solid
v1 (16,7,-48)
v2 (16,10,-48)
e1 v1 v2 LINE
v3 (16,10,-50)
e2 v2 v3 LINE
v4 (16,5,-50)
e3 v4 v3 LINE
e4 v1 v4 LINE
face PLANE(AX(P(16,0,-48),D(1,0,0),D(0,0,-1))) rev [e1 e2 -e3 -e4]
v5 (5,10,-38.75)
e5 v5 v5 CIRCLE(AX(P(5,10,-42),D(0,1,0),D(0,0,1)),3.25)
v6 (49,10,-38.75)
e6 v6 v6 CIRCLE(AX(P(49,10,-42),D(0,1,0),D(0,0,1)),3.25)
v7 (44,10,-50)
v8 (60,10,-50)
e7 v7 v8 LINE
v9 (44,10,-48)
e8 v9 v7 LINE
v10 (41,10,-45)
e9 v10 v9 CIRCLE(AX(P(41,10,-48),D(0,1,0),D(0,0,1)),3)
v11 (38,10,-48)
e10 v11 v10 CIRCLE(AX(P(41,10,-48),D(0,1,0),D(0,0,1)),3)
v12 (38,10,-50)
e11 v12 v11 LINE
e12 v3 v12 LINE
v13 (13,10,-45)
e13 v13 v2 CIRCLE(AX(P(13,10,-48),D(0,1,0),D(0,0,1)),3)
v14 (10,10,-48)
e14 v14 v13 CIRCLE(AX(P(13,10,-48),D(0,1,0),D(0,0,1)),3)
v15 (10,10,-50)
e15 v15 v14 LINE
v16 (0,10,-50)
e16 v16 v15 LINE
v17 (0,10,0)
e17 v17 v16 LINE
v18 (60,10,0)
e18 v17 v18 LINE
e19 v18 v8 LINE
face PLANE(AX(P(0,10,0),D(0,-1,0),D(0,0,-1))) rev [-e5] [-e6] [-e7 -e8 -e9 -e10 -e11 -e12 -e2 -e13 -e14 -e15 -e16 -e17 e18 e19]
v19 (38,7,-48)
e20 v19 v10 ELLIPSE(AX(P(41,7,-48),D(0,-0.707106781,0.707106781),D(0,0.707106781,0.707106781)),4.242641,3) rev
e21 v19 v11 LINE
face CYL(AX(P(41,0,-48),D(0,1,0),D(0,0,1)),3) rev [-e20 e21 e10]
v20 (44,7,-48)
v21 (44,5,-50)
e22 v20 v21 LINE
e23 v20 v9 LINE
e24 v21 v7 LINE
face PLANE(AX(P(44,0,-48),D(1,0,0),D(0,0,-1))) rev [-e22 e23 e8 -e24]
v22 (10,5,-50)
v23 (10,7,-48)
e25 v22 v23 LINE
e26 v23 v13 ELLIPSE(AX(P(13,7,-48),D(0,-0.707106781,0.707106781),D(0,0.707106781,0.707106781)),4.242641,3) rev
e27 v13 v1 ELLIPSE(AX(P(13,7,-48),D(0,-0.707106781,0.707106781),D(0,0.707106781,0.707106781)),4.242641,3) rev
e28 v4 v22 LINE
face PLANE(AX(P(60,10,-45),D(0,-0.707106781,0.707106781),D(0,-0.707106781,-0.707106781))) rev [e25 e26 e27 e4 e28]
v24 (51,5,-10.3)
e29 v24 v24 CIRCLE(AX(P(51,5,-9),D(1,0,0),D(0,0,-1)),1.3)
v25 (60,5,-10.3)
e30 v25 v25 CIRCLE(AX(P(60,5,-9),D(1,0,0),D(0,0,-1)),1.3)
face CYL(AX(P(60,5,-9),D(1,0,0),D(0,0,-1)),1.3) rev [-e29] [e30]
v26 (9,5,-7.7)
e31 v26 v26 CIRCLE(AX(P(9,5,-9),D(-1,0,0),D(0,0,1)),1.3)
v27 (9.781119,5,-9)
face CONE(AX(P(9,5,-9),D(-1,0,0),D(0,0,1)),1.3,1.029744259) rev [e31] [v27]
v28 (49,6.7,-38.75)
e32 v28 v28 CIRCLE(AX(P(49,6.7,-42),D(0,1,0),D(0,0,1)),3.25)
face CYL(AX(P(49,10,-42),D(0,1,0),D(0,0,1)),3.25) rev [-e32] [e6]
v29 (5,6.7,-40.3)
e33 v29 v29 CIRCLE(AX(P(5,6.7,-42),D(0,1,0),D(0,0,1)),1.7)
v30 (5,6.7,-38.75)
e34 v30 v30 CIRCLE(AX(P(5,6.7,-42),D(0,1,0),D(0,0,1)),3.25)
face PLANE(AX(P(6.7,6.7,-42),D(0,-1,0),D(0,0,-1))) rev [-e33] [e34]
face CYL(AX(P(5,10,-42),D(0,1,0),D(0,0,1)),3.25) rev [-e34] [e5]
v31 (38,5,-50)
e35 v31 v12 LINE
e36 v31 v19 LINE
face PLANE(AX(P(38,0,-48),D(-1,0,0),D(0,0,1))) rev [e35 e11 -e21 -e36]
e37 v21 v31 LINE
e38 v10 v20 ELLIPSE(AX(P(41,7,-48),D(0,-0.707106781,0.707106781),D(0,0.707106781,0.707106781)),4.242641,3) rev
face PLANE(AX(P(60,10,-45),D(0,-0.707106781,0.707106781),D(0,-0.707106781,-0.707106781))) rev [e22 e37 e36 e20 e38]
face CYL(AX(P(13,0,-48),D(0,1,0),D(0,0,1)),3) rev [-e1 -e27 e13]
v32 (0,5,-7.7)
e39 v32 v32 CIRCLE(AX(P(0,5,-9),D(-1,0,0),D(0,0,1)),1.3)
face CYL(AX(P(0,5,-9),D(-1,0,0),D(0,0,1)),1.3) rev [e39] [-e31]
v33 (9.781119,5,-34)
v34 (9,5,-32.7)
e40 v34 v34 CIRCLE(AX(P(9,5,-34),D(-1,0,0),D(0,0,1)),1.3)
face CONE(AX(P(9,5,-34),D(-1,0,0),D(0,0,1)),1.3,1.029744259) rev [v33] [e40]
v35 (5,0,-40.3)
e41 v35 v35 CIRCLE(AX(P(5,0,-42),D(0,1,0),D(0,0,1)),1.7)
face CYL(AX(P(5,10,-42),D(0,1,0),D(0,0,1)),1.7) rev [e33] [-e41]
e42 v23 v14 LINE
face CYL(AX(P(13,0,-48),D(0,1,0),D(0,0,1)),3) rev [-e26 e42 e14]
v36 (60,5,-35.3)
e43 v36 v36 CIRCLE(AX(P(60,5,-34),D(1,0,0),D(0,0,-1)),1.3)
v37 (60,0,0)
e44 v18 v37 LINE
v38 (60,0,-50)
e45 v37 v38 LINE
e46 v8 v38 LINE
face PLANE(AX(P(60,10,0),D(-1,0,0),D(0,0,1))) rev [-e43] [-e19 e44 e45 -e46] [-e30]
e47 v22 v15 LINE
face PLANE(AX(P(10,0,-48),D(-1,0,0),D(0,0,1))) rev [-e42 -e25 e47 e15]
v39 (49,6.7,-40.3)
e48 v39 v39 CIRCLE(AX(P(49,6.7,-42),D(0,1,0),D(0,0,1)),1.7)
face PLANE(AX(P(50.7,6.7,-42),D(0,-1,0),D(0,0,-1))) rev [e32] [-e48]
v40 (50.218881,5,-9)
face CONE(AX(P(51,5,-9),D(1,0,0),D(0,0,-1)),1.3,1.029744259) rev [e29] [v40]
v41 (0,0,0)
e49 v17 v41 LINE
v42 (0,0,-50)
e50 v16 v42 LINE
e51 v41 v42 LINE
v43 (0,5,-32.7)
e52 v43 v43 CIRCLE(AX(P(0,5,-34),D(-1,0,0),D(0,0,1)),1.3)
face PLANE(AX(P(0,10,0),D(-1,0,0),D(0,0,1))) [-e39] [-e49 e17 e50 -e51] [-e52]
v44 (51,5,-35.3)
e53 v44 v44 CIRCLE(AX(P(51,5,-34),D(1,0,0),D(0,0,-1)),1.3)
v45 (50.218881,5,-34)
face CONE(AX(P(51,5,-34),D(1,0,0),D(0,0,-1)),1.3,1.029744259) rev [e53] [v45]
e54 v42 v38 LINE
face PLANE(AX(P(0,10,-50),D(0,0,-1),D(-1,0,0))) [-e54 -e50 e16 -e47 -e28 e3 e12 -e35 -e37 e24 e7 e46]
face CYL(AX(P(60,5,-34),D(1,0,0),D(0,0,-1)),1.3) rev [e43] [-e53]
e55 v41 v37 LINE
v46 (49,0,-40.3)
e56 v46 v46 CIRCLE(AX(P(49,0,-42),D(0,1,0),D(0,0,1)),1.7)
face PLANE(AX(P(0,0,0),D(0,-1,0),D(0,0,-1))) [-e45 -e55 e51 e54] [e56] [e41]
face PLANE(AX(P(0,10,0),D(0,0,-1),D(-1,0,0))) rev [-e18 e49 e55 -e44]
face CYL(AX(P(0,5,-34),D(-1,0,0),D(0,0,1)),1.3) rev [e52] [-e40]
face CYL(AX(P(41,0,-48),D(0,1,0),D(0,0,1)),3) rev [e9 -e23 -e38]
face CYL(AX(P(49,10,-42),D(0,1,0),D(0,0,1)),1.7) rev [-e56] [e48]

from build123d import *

# Parameters (mm, degrees)
SKETCH1_W                                = 60
SKETCH1_H                                = 50
BOSS_EXTRUDE1_DEPTH                      = 10
CUT_EXTRUDE1_DEPTH                       = 10
BOSS_EXTRUDE2_REACH                      = 80.74
CBORE_FOR_M3_PAN_HEAD_SCREW1_D           = 3.4
CBORE_FOR_M3_PAN_HEAD_SCREW1_CBORE_D     = 6.5
CBORE_FOR_M3_PAN_HEAD_SCREW1_CBORE_DEPTH = 3.3
M3X0_5_TAPPED_HOLE1_D                    = 2.6
M3X0_5_TAPPED_HOLE1_DEPTH                = 9
M3X0_5_TAPPED_HOLE1_TIP                  = 0.781118805
M3X0_5_TAPPED_HOLE2_D                    = 2.6
M3X0_5_TAPPED_HOLE2_DEPTH                = 9
M3X0_5_TAPPED_HOLE2_TIP                  = 0.781118805


with BuildPart() as part:
    # Sketch1 → Boss-Extrude1 (new body)
    with BuildSketch(Plane(origin=(0, 0, 0), x_dir=(1, 0, 0), z_dir=(0, 1, 0))):
        with Locations((30, 25)):
            Rectangle(SKETCH1_W, SKETCH1_H)
    extrude(amount=BOSS_EXTRUDE1_DEPTH)

    # Sketch2 → Cut-Extrude1 (cut)
    with BuildSketch(Plane(origin=(0, 10, 0), x_dir=(1, 0, 0), z_dir=(0, 1, 0))):
        with BuildLine():
            Line((38, 48), (38, 50))
            Line((38, 50), (44, 50))
            Line((44, 50), (44, 48))
            ThreePointArc((44, 48), (41, 45), (38, 48))
        make_face()
        with BuildLine():
            Line((10, 48), (10, 50))
            Line((10, 50), (16, 50))
            Line((16, 50), (16, 48))
            ThreePointArc((16, 48), (13, 45), (10, 48))
        make_face()
    extrude(amount=-CUT_EXTRUDE1_DEPTH, mode=Mode.SUBTRACT)

    # Sketch3 → Boss-Extrude2 (add, up to next)
    with BuildSketch(Plane(origin=(0, 0, 0), x_dir=(0, 0, -1), z_dir=(1, 0, 0)), mode=Mode.PRIVATE) as boss_extrude2_sk1:
        Polygon((45, 0), (50, 0), (50, 5), (45, 10), align=None)
    boss_extrude2_tool1 = extrude(boss_extrude2_sk1.sketch, amount=BOSS_EXTRUDE2_REACH, mode=Mode.PRIVATE) - part.part
    add(boss_extrude2_tool1.solids().sort_by_distance((0, 3.888889, -47.222222))[0])
    add(boss_extrude2_tool1.solids().sort_by_distance((0, 3.888889, -47.222222))[1])

    # CBORE for M3 Pan Head Screw1 (through all)
    with Locations(Plane(origin=(5, 10, -42), x_dir=(0, 0, 1), z_dir=(0, 1, 0))):
        with Locations((0, 0), (0, 44)):
            CounterBoreHole(CBORE_FOR_M3_PAN_HEAD_SCREW1_D / 2, CBORE_FOR_M3_PAN_HEAD_SCREW1_CBORE_D / 2, CBORE_FOR_M3_PAN_HEAD_SCREW1_CBORE_DEPTH)

    # M3x0.5 Tapped Hole1
    with Locations(Plane(origin=(60, 0, 0), x_dir=(0, 0, -1), z_dir=(1, 0, 0))):
        with Locations((34, 5), (9, 5)):
            Hole(M3X0_5_TAPPED_HOLE1_D / 2, depth=M3X0_5_TAPPED_HOLE1_DEPTH)
            with Locations((0, 0, -(M3X0_5_TAPPED_HOLE1_DEPTH + M3X0_5_TAPPED_HOLE1_TIP / 2))):  # 118° drill point
                Cone(0, M3X0_5_TAPPED_HOLE1_D / 2, M3X0_5_TAPPED_HOLE1_TIP, mode=Mode.SUBTRACT)

    # M3x0.5 Tapped Hole2
    with Locations(Plane.ZY):
        with Locations((-34, 5), (-9, 5)):
            Hole(M3X0_5_TAPPED_HOLE2_D / 2, depth=M3X0_5_TAPPED_HOLE2_DEPTH)
            with Locations((0, 0, -(M3X0_5_TAPPED_HOLE2_DEPTH + M3X0_5_TAPPED_HOLE2_TIP / 2))):  # 118° drill point
                Cone(0, M3X0_5_TAPPED_HOLE2_D / 2, M3X0_5_TAPPED_HOLE2_TIP, mode=Mode.SUBTRACT)


solid = part.part
